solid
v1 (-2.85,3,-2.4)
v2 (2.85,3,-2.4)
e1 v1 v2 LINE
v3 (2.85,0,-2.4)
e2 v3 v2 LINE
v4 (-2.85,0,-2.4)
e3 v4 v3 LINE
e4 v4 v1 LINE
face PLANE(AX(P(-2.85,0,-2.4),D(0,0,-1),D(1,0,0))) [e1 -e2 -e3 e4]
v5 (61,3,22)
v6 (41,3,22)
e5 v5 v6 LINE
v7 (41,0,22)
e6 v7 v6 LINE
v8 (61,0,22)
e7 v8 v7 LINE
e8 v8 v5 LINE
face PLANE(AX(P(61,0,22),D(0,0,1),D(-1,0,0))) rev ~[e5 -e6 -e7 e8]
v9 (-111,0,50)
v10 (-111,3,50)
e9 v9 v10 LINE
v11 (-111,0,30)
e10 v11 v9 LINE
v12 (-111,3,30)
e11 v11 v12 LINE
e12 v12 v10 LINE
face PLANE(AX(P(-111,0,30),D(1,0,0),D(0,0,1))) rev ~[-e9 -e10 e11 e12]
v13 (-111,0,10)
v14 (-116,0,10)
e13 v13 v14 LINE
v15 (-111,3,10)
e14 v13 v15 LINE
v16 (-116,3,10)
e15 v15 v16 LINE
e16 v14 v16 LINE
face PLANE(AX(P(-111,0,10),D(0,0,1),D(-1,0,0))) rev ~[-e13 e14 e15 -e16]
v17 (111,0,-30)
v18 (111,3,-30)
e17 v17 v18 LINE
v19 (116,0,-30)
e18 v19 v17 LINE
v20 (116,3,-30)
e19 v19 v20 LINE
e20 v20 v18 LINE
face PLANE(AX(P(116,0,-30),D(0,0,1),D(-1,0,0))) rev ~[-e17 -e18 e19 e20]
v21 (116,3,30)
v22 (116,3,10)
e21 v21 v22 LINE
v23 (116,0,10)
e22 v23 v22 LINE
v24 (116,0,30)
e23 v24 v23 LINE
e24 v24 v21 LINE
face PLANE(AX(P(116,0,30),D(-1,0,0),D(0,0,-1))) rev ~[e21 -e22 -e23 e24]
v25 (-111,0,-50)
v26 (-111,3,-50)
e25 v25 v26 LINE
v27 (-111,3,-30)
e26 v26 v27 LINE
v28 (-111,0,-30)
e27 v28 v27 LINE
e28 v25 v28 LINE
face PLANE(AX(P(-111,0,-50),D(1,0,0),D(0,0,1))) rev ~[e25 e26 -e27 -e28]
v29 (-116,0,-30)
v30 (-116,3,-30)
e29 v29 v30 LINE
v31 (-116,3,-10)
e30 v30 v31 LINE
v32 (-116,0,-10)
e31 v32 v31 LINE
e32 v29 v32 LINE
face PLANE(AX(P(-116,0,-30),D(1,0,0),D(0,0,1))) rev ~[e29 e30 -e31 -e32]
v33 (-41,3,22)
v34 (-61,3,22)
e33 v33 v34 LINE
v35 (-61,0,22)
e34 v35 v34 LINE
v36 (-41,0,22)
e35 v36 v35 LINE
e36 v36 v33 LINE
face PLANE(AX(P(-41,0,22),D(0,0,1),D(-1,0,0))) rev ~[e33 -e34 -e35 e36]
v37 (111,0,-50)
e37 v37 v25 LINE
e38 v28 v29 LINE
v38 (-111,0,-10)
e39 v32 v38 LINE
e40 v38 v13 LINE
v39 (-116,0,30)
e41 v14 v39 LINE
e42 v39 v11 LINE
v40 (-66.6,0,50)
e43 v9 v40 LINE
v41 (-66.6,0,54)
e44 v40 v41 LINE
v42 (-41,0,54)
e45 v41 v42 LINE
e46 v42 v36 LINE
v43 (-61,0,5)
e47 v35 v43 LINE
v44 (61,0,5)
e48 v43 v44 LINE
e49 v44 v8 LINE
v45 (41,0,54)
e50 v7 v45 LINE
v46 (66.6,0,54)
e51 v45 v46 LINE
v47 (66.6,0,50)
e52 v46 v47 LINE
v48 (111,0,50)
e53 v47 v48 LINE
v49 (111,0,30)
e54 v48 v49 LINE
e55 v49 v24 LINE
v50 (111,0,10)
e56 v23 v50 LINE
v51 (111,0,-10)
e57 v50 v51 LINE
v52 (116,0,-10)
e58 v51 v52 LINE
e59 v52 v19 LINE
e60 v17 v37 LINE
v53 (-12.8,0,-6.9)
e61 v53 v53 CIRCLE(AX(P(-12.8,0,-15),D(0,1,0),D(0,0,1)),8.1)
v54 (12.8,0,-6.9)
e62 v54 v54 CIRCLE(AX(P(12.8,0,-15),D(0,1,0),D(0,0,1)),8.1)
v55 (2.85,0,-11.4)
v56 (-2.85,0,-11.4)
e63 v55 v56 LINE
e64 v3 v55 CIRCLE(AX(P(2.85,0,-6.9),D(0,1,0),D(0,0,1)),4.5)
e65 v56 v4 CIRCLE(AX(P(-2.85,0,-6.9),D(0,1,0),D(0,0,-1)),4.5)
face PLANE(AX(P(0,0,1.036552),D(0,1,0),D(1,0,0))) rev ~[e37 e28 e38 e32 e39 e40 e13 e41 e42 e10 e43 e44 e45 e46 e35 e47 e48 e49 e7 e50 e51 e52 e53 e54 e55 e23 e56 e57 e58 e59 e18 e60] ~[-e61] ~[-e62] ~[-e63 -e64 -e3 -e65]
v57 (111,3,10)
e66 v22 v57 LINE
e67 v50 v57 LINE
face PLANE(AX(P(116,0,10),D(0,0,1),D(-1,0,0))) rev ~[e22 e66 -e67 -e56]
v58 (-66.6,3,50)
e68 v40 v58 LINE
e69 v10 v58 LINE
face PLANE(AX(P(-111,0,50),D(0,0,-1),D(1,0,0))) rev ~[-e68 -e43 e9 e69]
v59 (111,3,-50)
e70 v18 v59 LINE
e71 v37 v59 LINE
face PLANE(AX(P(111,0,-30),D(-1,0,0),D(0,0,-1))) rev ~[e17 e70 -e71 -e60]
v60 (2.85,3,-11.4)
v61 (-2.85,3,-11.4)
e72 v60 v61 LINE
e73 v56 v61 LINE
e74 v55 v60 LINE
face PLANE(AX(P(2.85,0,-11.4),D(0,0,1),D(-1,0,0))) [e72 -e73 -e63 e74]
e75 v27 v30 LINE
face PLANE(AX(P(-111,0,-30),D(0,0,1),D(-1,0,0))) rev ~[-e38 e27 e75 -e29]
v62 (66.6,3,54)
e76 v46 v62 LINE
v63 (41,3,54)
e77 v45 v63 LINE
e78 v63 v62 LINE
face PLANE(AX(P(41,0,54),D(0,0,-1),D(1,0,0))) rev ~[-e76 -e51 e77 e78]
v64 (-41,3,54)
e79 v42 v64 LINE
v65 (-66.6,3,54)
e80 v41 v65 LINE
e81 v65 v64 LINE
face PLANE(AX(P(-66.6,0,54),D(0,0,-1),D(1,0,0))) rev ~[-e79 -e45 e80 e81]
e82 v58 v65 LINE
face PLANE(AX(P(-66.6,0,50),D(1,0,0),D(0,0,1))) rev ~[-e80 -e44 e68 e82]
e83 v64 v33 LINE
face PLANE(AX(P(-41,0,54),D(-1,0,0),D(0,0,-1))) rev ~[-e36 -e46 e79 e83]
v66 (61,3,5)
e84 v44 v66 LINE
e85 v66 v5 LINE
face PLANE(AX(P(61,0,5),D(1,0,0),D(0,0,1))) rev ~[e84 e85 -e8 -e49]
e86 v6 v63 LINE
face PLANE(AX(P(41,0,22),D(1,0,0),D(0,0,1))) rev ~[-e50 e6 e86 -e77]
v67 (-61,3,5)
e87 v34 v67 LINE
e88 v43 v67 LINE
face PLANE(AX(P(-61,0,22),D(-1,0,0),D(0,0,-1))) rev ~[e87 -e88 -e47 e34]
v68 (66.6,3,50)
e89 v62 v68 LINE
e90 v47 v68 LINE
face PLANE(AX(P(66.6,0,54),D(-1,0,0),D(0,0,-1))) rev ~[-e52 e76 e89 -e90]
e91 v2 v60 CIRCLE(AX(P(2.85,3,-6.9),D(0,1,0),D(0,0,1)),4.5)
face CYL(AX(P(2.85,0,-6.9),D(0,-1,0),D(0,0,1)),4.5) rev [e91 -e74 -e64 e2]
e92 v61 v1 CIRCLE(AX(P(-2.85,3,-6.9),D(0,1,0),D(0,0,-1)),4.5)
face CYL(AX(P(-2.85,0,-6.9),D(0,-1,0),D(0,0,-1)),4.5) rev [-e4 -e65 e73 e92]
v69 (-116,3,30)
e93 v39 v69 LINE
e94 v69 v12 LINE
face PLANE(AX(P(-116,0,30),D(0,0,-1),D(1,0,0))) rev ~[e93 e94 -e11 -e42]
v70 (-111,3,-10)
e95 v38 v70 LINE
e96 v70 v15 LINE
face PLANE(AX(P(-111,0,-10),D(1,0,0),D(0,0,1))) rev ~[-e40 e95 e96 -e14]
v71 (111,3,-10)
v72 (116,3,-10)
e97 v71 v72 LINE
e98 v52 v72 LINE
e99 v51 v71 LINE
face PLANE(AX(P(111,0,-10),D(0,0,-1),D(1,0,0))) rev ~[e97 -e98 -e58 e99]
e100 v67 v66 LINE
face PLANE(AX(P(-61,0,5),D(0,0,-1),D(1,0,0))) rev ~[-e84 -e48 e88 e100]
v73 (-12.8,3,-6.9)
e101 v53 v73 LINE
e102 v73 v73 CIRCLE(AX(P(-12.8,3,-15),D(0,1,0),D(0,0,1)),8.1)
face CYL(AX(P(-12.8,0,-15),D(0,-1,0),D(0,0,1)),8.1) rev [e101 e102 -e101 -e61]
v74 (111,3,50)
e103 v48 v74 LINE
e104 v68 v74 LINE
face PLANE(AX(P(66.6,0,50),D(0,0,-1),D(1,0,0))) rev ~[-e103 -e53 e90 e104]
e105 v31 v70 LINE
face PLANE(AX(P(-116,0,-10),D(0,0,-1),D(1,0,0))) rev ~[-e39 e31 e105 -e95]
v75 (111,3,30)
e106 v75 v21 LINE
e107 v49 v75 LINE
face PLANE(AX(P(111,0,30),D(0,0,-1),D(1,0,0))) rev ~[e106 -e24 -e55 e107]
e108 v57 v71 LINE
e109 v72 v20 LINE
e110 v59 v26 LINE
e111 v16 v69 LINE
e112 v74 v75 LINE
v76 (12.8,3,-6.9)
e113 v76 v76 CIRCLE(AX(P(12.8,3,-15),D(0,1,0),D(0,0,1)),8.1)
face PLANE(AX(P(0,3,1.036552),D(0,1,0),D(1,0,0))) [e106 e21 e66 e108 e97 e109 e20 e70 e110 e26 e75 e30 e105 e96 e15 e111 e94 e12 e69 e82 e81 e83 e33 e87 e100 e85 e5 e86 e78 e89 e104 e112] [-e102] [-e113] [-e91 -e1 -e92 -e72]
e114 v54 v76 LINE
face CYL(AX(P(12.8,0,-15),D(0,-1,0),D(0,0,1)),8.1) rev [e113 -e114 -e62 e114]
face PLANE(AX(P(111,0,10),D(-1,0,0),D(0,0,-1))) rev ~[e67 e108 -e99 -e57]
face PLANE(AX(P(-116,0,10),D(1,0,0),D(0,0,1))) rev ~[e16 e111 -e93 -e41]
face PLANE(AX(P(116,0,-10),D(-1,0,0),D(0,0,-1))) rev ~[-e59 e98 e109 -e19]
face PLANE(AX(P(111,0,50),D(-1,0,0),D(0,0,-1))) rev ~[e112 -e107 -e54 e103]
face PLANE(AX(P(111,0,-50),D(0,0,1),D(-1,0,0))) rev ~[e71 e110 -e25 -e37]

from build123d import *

# Parameters (mm, degrees)
SKETCH1_R           = 8.1
BOSS_EXTRUDE1_DEPTH = 3


with BuildPart() as part:
    # Sketch1 → Boss-Extrude1 (new body)
    with BuildSketch(Plane(origin=(0, 0, 0), x_dir=(1, 0, 0), z_dir=(0, 1, 0))):
        Polygon((-111, 30), (-116, 30), (-116, 10), (-111, 10), (-111, -10), (-116, -10), (-116, -30), (-111, -30), (-111, -50), (-66.6, -50), (-66.6, -54), (-41, -54), (-41, -22), (-61, -22), (-61, -5), (-41, -5), (41, -5), (61, -5), (61, -22), (41, -22), (41, -54), (66.6, -54), (66.6, -50), (111, -50), (111, -30), (116, -30), (116, -10), (111, -10), (111, 10), (116, 10), (116, 30), (111, 30), (111, 50), (-111, 50), align=None)
        with Locations(Location((12.8, 15, 0), (0, 0, 270))):
            Circle(SKETCH1_R, mode=Mode.SUBTRACT)
        with Locations(Location((-12.8, 15, 0), (0, 0, 270))):
            Circle(SKETCH1_R, mode=Mode.SUBTRACT)
        with BuildLine():
            Line((-2.85, 2.4), (2.85, 2.4))
            ThreePointArc((2.85, 2.4), (7.35, 6.9), (2.85, 11.4))
            Line((2.85, 11.4), (-2.85, 11.4))
            ThreePointArc((-2.85, 11.4), (-7.35, 6.9), (-2.85, 2.4))
        make_face(mode=Mode.SUBTRACT)
    extrude(amount=BOSS_EXTRUDE1_DEPTH)


solid = part.part
